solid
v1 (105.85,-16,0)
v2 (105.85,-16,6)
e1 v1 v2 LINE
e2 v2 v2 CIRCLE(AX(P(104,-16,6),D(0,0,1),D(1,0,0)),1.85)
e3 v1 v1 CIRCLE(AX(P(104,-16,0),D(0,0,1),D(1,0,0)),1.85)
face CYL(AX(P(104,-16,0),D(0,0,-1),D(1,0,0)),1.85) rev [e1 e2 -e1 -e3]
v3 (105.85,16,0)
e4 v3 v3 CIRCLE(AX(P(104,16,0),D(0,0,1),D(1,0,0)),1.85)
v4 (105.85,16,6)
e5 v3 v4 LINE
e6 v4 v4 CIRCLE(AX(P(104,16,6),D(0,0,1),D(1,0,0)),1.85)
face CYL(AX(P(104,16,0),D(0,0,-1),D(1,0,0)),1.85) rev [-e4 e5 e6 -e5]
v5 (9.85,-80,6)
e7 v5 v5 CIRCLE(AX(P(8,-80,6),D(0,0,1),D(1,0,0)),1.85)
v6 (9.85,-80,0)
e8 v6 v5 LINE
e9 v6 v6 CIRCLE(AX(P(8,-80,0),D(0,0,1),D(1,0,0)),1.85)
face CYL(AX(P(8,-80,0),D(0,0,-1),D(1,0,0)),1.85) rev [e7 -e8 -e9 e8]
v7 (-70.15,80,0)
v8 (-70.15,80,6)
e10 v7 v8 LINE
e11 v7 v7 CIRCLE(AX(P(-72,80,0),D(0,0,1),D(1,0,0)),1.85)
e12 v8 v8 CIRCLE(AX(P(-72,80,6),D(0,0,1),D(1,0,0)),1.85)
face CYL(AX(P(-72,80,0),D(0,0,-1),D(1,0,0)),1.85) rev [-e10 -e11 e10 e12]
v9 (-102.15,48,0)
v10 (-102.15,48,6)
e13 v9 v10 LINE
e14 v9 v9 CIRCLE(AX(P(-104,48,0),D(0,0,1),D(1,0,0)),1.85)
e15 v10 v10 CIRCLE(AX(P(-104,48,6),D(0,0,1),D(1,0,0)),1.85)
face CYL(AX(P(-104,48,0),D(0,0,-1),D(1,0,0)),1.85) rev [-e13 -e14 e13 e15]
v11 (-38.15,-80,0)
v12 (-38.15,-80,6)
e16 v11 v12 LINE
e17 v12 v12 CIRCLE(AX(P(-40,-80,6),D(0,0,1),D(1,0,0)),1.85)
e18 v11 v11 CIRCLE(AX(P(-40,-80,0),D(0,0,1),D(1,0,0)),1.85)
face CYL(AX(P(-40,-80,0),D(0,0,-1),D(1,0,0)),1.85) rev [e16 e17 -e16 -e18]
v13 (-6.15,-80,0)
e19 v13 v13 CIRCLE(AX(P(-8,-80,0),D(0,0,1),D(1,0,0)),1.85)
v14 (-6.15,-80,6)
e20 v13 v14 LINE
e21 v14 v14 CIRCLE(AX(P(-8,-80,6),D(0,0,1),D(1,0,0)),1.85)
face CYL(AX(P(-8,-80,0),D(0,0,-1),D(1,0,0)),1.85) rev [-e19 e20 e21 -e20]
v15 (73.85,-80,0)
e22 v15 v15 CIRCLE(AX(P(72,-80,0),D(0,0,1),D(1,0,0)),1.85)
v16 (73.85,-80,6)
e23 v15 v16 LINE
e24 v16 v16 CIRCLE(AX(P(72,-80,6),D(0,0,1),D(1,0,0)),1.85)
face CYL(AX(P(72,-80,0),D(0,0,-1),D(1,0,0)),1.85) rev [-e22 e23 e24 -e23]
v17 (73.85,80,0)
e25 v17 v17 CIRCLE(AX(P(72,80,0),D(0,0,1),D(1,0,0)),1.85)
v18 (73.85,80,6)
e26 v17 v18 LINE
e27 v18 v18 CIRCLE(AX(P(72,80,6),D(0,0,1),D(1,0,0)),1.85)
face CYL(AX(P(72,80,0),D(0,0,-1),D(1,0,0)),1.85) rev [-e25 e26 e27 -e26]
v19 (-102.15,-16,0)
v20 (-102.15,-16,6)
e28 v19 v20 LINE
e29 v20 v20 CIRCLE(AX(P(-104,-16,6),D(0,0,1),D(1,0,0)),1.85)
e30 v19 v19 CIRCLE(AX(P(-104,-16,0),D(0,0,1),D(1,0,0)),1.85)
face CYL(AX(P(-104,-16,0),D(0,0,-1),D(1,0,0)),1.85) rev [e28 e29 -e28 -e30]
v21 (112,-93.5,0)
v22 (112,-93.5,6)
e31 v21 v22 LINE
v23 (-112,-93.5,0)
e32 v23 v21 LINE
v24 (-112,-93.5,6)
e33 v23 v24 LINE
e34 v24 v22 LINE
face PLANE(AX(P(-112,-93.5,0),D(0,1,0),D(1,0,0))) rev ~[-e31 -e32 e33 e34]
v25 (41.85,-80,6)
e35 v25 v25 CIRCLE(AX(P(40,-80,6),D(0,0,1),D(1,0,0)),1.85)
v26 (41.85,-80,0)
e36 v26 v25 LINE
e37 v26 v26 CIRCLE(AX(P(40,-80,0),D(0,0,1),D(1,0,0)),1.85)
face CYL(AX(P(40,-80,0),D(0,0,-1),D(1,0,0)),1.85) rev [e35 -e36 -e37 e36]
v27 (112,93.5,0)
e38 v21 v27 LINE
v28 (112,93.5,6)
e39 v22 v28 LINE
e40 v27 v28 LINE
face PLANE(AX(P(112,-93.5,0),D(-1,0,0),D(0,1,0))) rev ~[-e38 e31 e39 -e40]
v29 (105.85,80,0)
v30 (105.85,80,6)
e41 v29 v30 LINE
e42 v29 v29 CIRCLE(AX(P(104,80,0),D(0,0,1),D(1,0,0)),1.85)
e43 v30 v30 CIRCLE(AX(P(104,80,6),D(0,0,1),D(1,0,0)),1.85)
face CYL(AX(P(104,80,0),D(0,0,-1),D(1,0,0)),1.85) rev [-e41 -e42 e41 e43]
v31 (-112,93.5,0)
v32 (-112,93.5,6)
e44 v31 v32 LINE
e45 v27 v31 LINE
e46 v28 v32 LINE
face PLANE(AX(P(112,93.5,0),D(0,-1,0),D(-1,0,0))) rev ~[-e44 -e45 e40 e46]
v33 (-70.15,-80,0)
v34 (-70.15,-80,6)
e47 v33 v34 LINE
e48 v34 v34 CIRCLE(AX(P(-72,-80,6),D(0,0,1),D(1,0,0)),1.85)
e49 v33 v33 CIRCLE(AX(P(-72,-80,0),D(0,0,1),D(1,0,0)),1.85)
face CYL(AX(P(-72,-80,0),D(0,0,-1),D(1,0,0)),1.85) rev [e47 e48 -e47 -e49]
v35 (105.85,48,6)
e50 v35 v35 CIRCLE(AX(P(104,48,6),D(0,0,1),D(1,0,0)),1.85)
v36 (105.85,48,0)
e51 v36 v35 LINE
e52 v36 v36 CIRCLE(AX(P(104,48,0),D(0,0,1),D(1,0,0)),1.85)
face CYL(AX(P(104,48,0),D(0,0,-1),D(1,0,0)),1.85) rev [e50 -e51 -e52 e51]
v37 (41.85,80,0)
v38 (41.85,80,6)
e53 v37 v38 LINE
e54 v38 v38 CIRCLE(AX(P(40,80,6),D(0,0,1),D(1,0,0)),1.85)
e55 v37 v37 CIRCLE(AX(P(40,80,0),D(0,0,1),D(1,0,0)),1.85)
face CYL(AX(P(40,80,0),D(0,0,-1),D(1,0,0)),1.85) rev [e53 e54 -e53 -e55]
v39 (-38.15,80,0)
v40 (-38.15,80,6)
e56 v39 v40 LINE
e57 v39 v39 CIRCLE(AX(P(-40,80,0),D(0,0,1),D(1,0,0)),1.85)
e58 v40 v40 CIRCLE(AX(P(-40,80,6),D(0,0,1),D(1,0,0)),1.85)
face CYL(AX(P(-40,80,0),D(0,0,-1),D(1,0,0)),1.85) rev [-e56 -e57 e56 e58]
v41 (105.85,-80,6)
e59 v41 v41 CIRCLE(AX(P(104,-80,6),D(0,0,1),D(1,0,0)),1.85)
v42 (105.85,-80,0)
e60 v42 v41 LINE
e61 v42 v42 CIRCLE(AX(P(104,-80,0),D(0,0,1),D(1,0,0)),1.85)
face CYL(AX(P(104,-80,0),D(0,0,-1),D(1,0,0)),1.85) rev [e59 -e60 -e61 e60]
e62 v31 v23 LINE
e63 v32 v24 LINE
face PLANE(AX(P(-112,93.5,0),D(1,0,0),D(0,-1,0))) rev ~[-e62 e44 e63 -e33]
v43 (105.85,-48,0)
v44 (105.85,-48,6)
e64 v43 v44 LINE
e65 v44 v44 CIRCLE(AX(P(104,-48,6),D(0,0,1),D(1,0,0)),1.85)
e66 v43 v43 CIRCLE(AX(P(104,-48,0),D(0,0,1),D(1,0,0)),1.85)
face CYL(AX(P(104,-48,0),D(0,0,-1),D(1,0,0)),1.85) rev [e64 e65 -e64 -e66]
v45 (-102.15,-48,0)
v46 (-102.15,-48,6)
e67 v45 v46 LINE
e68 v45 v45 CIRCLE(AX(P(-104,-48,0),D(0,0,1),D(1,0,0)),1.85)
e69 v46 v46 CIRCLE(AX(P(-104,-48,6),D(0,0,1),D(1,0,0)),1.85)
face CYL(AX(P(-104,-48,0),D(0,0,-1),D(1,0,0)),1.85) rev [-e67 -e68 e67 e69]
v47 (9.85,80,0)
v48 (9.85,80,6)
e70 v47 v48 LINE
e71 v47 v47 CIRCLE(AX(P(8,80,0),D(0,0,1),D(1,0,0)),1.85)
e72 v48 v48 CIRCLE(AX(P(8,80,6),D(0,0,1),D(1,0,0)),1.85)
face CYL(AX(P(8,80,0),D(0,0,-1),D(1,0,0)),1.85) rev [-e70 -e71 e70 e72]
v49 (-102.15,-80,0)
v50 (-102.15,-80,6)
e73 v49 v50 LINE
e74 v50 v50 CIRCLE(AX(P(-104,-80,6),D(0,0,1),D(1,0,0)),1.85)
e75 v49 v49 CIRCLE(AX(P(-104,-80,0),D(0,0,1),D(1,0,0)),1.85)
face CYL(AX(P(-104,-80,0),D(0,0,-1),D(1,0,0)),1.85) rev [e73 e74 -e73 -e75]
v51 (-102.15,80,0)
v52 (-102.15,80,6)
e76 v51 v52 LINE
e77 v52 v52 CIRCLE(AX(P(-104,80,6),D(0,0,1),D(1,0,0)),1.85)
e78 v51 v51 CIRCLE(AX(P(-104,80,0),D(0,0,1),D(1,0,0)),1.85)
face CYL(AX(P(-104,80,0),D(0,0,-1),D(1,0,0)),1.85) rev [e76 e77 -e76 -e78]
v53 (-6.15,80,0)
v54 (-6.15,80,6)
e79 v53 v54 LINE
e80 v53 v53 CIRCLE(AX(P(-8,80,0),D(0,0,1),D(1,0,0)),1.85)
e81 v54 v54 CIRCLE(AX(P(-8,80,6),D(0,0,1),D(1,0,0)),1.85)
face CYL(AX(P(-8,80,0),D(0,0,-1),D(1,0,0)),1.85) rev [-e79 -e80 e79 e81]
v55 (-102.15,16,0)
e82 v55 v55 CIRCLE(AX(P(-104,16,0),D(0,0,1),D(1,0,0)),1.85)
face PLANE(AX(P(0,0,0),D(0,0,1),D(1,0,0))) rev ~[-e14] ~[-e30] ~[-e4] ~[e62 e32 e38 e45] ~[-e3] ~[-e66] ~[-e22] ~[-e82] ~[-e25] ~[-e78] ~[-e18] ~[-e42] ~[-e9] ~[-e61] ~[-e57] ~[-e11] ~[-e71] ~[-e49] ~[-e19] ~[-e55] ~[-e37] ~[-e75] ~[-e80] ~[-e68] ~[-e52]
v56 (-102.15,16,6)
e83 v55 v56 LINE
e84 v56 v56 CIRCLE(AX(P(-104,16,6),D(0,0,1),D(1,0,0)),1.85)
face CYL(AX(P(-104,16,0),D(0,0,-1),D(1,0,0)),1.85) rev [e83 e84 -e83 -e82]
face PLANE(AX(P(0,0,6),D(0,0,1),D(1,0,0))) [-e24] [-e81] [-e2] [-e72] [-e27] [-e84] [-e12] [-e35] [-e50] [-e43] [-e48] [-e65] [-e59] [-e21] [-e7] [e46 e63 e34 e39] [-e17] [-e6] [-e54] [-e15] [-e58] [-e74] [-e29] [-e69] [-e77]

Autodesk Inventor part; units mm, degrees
ref_plane "YZ Plane" through (0, 0, 0) normal (1, 0, 0) x (0, 1, 0)
ref_plane "XZ Plane" through (0, 0, 0) normal (0, 1, 0) x (-1, 0, 0)
ref_plane "XY Plane" through (0, 0, 0) normal (0, 0, 1) x (1, 0, 0)
sketch "Sketch1" plane through (0, 0, 0) normal (0, 0, 1) x (1, 0, 0)
  line L0 (-112, -93.5) -> (112, -93.5)
  line L1 (112, -93.5) -> (112, 93.5)
  line L2 (112, 93.5) -> (-112, 93.5)
  line L3 (-112, 93.5) -> (-112, -93.5)
  line L4 (-112, -93.5) -> (112, 93.5) construction
  line L5 (112, -93.5) -> (-112, 93.5) construction
  line L6 (-104, -80) -> (104, 80) construction
  line L7 (104, -80) -> (-104, 80) construction
  circle A0 centre (-104, 80) radius 1.85
  circle A1 centre (-104, -80) radius 1.85
  circle A2 centre (104, -80) radius 1.85
  circle A3 centre (104, 80) radius 1.85
  circle A4 centre (-72, 80) radius 1.85 projected
  circle A5 centre (-40, 80) radius 1.85 projected
  circle A6 centre (-8, 80) radius 1.85 projected
  circle A7 centre (8, 80) radius 1.85 projected
  circle A8 centre (40, 80) radius 1.85 projected
  circle A9 centre (72, 80) radius 1.85 projected
  circle A10 centre (-72, -80) radius 1.85 projected
  circle A11 centre (-40, -80) radius 1.85 projected
  circle A12 centre (-8, -80) radius 1.85 projected
  circle A13 centre (8, -80) radius 1.85 projected
  circle A14 centre (40, -80) radius 1.85 projected
  circle A15 centre (72, -80) radius 1.85 projected
  circle A16 centre (104, 48) radius 1.85 projected
  circle A17 centre (104, 16) radius 1.85 projected
  circle A18 centre (104, -16) radius 1.85 projected
  circle A19 centre (104, -48) radius 1.85 projected
  circle A20 centre (-104, -48) radius 1.85 projected
  circle A21 centre (-104, -16) radius 1.85 projected
  circle A22 centre (-104, 16) radius 1.85 projected
  circle A23 centre (-104, 48) radius 1.85 projected
  point P0 (0, 0)
  dimension "d0" = 224
  dimension "d1" = 187
  dimension "d36" = 32
  dimension "d37" = 32
  dimension "d38" = 32
  dimension "d39" = 16
  dimension "d40" = 32
  dimension "d41" = 32
  dimension "d42" = 32
  dimension "d43" = 32
  dimension "d44" = 32
  dimension "d45" = 32
  dimension "d46" = 32
  dimension "d47" = 32
  dimension "d48" = 8
  dimension "d49" = 13.5
  dimension "d50" = 32
  dimension "d51" = 32
  dimension "d52" = 32
  dimension "d53" = 16
  dimension "d54" = 32
  dimension "d55" = 32
  dimension "d56" = 32
  dimension "d57" = 32
  dimension "d58" = 32
  dimension "d59" = 32
  dimension "d60" = 32
  dimension "d61" = 32
  dimension "d62" = 13.5
  dimension "d63" = 8
  dimension "d64" = 8
  dimension "d65" = 13.5
  dimension "d66" = 8
  dimension "d67" = 13.5
extrude "Extrusion9" add sketch "Sketch1" along normal blind 6
properties part number "MCPlate2"
